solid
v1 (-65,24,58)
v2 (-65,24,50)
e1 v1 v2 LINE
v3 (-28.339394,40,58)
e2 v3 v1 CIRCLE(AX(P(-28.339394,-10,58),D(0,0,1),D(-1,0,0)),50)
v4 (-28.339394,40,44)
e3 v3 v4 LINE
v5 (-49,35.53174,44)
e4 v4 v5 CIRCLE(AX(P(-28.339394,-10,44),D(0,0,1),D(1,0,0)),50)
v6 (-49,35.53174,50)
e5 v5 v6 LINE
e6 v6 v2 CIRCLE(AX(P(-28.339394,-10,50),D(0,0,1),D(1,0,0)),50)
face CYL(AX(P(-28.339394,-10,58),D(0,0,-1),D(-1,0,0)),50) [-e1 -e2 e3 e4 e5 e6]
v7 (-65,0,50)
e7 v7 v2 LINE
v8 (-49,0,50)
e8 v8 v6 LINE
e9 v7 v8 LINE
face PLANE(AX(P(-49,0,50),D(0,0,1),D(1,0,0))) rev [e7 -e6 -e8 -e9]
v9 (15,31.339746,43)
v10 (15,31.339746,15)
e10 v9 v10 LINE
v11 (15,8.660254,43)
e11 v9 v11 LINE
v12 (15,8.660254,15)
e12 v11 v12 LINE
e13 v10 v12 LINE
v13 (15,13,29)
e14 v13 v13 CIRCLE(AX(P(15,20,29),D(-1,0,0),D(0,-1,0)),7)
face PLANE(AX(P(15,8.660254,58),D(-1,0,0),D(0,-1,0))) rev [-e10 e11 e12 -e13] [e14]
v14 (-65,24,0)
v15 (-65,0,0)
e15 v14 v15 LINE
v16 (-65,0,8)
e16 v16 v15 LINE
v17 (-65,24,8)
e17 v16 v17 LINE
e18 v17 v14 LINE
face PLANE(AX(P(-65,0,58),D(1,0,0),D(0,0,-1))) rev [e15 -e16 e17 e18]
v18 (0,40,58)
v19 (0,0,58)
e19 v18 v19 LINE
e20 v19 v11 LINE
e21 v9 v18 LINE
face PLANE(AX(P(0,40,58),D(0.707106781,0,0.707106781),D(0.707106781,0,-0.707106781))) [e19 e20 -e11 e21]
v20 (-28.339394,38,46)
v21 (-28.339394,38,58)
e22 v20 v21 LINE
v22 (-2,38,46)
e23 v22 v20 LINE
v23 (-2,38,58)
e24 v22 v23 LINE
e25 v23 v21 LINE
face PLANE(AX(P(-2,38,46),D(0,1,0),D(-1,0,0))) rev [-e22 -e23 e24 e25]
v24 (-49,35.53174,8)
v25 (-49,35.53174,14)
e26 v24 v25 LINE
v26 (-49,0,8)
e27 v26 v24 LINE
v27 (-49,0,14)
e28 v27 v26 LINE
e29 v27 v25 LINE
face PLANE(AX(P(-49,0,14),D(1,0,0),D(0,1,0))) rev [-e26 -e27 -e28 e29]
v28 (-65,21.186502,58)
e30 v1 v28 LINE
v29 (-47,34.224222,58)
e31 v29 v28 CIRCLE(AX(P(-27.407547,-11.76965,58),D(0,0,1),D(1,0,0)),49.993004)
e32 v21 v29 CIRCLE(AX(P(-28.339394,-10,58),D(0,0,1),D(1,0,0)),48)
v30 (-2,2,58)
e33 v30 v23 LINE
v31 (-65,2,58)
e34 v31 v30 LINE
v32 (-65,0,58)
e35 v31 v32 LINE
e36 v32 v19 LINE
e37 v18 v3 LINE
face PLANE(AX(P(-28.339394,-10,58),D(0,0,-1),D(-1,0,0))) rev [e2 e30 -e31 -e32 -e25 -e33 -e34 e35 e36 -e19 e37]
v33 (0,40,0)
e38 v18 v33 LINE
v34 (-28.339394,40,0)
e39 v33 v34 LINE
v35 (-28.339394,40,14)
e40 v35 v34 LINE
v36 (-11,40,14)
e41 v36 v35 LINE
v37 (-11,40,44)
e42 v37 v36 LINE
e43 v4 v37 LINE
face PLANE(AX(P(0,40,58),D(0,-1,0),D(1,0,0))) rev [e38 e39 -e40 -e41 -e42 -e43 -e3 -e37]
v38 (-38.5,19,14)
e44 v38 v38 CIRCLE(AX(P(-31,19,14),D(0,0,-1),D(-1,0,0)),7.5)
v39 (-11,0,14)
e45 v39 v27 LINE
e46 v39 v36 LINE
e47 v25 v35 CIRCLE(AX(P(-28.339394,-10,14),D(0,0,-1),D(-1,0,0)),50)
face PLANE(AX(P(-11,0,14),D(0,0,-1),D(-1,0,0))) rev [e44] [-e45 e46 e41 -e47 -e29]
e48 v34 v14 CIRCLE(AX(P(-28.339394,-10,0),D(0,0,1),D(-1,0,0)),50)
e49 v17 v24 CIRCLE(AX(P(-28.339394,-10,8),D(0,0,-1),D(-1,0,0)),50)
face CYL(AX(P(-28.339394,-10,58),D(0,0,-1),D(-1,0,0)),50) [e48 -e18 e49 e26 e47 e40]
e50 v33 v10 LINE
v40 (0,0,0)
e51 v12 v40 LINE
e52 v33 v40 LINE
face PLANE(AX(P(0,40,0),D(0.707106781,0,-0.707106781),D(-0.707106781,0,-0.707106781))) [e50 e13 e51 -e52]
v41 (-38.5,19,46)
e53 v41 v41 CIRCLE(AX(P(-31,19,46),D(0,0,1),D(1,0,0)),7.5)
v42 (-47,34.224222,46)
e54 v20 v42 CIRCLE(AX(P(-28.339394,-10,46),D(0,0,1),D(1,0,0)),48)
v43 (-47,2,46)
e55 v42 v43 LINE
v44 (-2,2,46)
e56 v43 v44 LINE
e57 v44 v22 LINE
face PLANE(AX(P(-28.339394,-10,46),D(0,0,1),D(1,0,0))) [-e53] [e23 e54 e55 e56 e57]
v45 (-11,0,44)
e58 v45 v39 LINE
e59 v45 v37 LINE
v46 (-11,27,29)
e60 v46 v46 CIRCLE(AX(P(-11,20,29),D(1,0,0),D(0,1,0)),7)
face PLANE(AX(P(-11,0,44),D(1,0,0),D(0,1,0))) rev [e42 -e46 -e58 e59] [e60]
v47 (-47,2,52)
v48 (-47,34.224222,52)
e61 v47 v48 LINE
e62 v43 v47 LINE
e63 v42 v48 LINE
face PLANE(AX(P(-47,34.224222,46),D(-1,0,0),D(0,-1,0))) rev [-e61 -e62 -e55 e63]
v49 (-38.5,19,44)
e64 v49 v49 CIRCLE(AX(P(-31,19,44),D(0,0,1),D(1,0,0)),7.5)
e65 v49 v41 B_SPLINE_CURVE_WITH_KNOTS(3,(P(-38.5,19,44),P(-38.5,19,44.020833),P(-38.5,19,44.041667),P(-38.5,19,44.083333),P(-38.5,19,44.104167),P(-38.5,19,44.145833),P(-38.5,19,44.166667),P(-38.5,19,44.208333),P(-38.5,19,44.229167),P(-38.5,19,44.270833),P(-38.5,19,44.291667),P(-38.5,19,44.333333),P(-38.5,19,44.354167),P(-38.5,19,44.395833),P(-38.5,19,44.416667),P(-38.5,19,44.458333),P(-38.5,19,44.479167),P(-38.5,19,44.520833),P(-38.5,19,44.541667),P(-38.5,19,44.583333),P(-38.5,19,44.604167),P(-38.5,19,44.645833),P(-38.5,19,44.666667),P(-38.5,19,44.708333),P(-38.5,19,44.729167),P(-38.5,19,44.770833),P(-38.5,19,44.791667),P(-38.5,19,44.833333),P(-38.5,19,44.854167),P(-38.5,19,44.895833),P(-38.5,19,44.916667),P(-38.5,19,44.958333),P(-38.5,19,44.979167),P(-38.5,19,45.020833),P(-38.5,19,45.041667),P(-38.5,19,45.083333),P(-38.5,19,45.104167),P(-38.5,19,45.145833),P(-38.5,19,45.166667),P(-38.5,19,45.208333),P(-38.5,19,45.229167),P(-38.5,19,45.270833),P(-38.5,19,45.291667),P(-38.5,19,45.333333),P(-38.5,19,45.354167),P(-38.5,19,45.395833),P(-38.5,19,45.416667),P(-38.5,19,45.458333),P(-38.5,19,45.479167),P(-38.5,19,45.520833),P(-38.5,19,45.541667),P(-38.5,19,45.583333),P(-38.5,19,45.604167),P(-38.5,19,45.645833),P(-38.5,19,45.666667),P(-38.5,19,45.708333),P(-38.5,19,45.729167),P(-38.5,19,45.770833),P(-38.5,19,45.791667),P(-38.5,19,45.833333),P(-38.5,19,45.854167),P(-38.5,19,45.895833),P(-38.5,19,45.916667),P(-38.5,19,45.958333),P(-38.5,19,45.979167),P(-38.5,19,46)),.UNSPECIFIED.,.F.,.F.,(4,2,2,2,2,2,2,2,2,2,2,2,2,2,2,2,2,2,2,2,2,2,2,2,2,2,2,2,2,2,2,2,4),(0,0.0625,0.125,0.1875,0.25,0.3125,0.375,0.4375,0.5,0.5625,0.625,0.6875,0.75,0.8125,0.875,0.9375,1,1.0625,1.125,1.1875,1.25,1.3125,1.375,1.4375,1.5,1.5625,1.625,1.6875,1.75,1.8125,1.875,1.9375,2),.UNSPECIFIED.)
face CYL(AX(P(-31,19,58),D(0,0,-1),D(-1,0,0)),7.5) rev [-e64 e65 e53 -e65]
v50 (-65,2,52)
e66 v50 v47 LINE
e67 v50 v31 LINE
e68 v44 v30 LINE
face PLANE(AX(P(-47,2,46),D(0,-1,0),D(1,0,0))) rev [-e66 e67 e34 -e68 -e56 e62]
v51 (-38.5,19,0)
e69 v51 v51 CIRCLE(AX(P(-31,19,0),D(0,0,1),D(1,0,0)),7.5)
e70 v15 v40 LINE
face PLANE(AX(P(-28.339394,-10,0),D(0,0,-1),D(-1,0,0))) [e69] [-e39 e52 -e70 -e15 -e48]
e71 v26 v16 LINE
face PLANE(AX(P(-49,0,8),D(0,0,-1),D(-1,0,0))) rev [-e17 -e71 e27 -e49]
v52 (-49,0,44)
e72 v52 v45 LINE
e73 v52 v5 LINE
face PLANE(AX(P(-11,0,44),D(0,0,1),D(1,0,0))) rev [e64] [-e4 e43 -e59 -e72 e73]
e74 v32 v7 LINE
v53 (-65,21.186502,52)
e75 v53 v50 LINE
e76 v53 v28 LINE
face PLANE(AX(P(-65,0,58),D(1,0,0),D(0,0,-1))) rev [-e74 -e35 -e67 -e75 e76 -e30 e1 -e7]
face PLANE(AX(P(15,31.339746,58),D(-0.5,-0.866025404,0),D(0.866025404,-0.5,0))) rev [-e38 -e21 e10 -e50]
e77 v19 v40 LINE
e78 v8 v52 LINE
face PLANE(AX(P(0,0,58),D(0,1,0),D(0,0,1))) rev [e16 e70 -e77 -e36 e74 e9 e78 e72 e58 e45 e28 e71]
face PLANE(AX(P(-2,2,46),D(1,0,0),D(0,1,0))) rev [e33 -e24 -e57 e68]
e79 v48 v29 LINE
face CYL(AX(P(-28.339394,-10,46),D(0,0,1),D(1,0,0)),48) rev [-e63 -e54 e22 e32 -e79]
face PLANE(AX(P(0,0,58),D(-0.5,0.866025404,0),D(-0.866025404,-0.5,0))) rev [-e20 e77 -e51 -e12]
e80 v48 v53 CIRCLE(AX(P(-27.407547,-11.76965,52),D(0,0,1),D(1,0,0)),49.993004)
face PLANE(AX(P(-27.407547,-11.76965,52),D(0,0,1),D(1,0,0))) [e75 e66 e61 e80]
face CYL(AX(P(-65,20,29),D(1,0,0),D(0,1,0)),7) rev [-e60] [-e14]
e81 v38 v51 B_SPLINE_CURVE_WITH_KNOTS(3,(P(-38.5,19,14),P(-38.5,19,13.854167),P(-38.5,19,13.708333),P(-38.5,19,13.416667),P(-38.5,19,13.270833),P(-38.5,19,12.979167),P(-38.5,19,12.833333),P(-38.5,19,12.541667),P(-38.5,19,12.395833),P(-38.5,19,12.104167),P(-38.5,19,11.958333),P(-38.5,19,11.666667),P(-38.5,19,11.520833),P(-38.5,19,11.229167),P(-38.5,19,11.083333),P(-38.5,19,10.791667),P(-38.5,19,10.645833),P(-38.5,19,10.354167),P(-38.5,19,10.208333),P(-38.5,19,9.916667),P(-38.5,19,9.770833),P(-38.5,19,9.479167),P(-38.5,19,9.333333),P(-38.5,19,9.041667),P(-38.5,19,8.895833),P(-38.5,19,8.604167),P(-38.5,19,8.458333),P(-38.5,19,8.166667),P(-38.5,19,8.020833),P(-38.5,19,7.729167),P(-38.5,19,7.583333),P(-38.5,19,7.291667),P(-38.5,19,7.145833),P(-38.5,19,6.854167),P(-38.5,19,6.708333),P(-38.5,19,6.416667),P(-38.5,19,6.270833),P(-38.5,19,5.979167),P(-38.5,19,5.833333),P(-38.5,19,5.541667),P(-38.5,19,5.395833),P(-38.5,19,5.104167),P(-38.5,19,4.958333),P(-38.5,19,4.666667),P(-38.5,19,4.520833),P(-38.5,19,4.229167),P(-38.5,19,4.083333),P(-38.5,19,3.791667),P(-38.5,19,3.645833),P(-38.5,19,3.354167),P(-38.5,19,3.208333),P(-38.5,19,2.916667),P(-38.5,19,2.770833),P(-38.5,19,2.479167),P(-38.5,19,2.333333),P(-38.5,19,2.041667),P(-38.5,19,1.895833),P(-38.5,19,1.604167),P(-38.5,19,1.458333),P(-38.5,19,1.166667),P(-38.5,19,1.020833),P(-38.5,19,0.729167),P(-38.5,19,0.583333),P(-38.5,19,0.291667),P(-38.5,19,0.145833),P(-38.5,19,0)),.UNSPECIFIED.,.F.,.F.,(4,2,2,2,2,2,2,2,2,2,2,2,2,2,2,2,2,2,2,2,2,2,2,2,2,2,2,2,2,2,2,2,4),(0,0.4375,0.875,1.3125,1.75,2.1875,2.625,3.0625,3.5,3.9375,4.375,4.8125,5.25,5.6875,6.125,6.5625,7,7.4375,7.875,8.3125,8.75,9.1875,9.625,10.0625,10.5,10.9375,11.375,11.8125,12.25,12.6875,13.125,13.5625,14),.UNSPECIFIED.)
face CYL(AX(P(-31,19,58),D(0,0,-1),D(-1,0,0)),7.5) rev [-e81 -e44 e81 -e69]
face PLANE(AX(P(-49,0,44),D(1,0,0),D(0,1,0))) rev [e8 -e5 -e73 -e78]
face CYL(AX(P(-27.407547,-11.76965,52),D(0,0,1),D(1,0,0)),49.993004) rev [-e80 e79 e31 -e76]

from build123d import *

# Parameters (mm, degrees)
SKETCH1_R               = 7.5
BOSS_EXTRUDE1_DEPTH     = 58
CUT_EXTRUDE1_DEPTH      = 90.381206078
CUT_EXTRUDE1_DEPTH_BACK = 90.381206078
CUT_EXTRUDE2_DEPTH      = 96.859271852
CUT_EXTRUDE2_DEPTH_BACK = 96.859271852
CUT_EXTRUDE3_DEPTH      = 107.60206377
CUT_EXTRUDE3_DEPTH_BACK = 107.60206377
SKETCH7_R               = 7
CUT_EXTRUDE6_DEPTH      = 12
CUT_EXTRUDE7_DEPTH      = 6


with BuildPart() as part:
    # Sketch1 → Boss-Extrude1 (new body)
    with BuildSketch(Plane.XY):
        with BuildLine():
            Line((0, 0), (-65, 0))
            Line((-65, 0), (-65, 24))
            ThreePointArc((-65, 24), (-48.33939444, 35.82575695), (-28.33939444, 40))
            Line((-28.33939444, 40), (0, 40))
            Line((0, 40), (15, 31.339745962))
            Line((15, 31.339745962), (15, 8.660254038))
            Line((15, 8.660254038), (0, 0))
        make_face()
        with Locations(Location((-31, 19, 0), (0, 0, 180))):
            Circle(SKETCH1_R, mode=Mode.SUBTRACT)
    extrude(amount=BOSS_EXTRUDE1_DEPTH)

    # Sketch3 → Cut-Extrude1 (cut, two sides: drawn at the far end of the back side and taken through both)
    with BuildSketch(Plane(origin=(0, 20, 0), x_dir=(1, 0, 0), z_dir=(0, 1, 0)).offset(-CUT_EXTRUDE1_DEPTH_BACK)):
        Polygon((-11, -44), (-11, -14), (-49, -14), (-49, -8), (-65, -8), (-65, -50), (-49, -50), (-49, -44), align=None)
    extrude(amount=CUT_EXTRUDE1_DEPTH + CUT_EXTRUDE1_DEPTH_BACK, mode=Mode.SUBTRACT)

    # Sketch6 → Cut-Extrude2 (cut, two sides: drawn at the far end of the back side and taken through both)
    with BuildSketch(Plane(origin=(0, 0, 0), x_dir=(1, 0, 0), z_dir=(0, 1, 0)).offset(-CUT_EXTRUDE2_DEPTH_BACK)):
        Polygon((0, 0), (15, -15), (15, 0), align=None)
        Polygon((15, -58), (15, -43), (0, -58), align=None)
    extrude(amount=CUT_EXTRUDE2_DEPTH + CUT_EXTRUDE2_DEPTH_BACK, mode=Mode.SUBTRACT)

    # Sketch7 → Cut-Extrude3 (cut, two sides: drawn at the far end of the back side and taken through both)
    with BuildSketch(Plane(origin=(15, 0, 0), x_dir=(0, 0, -1), z_dir=(1, 0, 0)).offset(-CUT_EXTRUDE3_DEPTH_BACK)):
        with Locations(Location((-29, 20, 0), (0, 0, 90))):
            Circle(SKETCH7_R)
    extrude(amount=CUT_EXTRUDE3_DEPTH + CUT_EXTRUDE3_DEPTH_BACK, mode=Mode.SUBTRACT)

    # Sketch8 → Cut-Extrude6 (cut)
    with BuildSketch(Plane.XY.offset(58)):
        with BuildLine():
            Line((-47, 34.224221872), (-47, 2))
            Line((-47, 2), (-2, 2))
            Line((-2, 2), (-2, 38))
            Line((-2, 38), (-28.33939444, 38))
            ThreePointArc((-28.33939444, 38), (-37.858778616, 37.046586751), (-47, 34.224221872))
        make_face()
    extrude(amount=-CUT_EXTRUDE6_DEPTH, mode=Mode.SUBTRACT)

    # Sketch16 → Cut-Extrude7 (cut)
    with BuildSketch(Plane.XY.offset(58)):
        with BuildLine():
            Line((-65, 21.1865019), (-65, 2))
            Line((-65, 2), (-47, 2))
            Line((-47, 2), (-47, 34.224221872))
            ThreePointArc((-47, 34.224221872), (-56.733711161, 28.718330483), (-65, 21.1865019))
        make_face()
    extrude(amount=-CUT_EXTRUDE7_DEPTH, mode=Mode.SUBTRACT)


solid = part.part
